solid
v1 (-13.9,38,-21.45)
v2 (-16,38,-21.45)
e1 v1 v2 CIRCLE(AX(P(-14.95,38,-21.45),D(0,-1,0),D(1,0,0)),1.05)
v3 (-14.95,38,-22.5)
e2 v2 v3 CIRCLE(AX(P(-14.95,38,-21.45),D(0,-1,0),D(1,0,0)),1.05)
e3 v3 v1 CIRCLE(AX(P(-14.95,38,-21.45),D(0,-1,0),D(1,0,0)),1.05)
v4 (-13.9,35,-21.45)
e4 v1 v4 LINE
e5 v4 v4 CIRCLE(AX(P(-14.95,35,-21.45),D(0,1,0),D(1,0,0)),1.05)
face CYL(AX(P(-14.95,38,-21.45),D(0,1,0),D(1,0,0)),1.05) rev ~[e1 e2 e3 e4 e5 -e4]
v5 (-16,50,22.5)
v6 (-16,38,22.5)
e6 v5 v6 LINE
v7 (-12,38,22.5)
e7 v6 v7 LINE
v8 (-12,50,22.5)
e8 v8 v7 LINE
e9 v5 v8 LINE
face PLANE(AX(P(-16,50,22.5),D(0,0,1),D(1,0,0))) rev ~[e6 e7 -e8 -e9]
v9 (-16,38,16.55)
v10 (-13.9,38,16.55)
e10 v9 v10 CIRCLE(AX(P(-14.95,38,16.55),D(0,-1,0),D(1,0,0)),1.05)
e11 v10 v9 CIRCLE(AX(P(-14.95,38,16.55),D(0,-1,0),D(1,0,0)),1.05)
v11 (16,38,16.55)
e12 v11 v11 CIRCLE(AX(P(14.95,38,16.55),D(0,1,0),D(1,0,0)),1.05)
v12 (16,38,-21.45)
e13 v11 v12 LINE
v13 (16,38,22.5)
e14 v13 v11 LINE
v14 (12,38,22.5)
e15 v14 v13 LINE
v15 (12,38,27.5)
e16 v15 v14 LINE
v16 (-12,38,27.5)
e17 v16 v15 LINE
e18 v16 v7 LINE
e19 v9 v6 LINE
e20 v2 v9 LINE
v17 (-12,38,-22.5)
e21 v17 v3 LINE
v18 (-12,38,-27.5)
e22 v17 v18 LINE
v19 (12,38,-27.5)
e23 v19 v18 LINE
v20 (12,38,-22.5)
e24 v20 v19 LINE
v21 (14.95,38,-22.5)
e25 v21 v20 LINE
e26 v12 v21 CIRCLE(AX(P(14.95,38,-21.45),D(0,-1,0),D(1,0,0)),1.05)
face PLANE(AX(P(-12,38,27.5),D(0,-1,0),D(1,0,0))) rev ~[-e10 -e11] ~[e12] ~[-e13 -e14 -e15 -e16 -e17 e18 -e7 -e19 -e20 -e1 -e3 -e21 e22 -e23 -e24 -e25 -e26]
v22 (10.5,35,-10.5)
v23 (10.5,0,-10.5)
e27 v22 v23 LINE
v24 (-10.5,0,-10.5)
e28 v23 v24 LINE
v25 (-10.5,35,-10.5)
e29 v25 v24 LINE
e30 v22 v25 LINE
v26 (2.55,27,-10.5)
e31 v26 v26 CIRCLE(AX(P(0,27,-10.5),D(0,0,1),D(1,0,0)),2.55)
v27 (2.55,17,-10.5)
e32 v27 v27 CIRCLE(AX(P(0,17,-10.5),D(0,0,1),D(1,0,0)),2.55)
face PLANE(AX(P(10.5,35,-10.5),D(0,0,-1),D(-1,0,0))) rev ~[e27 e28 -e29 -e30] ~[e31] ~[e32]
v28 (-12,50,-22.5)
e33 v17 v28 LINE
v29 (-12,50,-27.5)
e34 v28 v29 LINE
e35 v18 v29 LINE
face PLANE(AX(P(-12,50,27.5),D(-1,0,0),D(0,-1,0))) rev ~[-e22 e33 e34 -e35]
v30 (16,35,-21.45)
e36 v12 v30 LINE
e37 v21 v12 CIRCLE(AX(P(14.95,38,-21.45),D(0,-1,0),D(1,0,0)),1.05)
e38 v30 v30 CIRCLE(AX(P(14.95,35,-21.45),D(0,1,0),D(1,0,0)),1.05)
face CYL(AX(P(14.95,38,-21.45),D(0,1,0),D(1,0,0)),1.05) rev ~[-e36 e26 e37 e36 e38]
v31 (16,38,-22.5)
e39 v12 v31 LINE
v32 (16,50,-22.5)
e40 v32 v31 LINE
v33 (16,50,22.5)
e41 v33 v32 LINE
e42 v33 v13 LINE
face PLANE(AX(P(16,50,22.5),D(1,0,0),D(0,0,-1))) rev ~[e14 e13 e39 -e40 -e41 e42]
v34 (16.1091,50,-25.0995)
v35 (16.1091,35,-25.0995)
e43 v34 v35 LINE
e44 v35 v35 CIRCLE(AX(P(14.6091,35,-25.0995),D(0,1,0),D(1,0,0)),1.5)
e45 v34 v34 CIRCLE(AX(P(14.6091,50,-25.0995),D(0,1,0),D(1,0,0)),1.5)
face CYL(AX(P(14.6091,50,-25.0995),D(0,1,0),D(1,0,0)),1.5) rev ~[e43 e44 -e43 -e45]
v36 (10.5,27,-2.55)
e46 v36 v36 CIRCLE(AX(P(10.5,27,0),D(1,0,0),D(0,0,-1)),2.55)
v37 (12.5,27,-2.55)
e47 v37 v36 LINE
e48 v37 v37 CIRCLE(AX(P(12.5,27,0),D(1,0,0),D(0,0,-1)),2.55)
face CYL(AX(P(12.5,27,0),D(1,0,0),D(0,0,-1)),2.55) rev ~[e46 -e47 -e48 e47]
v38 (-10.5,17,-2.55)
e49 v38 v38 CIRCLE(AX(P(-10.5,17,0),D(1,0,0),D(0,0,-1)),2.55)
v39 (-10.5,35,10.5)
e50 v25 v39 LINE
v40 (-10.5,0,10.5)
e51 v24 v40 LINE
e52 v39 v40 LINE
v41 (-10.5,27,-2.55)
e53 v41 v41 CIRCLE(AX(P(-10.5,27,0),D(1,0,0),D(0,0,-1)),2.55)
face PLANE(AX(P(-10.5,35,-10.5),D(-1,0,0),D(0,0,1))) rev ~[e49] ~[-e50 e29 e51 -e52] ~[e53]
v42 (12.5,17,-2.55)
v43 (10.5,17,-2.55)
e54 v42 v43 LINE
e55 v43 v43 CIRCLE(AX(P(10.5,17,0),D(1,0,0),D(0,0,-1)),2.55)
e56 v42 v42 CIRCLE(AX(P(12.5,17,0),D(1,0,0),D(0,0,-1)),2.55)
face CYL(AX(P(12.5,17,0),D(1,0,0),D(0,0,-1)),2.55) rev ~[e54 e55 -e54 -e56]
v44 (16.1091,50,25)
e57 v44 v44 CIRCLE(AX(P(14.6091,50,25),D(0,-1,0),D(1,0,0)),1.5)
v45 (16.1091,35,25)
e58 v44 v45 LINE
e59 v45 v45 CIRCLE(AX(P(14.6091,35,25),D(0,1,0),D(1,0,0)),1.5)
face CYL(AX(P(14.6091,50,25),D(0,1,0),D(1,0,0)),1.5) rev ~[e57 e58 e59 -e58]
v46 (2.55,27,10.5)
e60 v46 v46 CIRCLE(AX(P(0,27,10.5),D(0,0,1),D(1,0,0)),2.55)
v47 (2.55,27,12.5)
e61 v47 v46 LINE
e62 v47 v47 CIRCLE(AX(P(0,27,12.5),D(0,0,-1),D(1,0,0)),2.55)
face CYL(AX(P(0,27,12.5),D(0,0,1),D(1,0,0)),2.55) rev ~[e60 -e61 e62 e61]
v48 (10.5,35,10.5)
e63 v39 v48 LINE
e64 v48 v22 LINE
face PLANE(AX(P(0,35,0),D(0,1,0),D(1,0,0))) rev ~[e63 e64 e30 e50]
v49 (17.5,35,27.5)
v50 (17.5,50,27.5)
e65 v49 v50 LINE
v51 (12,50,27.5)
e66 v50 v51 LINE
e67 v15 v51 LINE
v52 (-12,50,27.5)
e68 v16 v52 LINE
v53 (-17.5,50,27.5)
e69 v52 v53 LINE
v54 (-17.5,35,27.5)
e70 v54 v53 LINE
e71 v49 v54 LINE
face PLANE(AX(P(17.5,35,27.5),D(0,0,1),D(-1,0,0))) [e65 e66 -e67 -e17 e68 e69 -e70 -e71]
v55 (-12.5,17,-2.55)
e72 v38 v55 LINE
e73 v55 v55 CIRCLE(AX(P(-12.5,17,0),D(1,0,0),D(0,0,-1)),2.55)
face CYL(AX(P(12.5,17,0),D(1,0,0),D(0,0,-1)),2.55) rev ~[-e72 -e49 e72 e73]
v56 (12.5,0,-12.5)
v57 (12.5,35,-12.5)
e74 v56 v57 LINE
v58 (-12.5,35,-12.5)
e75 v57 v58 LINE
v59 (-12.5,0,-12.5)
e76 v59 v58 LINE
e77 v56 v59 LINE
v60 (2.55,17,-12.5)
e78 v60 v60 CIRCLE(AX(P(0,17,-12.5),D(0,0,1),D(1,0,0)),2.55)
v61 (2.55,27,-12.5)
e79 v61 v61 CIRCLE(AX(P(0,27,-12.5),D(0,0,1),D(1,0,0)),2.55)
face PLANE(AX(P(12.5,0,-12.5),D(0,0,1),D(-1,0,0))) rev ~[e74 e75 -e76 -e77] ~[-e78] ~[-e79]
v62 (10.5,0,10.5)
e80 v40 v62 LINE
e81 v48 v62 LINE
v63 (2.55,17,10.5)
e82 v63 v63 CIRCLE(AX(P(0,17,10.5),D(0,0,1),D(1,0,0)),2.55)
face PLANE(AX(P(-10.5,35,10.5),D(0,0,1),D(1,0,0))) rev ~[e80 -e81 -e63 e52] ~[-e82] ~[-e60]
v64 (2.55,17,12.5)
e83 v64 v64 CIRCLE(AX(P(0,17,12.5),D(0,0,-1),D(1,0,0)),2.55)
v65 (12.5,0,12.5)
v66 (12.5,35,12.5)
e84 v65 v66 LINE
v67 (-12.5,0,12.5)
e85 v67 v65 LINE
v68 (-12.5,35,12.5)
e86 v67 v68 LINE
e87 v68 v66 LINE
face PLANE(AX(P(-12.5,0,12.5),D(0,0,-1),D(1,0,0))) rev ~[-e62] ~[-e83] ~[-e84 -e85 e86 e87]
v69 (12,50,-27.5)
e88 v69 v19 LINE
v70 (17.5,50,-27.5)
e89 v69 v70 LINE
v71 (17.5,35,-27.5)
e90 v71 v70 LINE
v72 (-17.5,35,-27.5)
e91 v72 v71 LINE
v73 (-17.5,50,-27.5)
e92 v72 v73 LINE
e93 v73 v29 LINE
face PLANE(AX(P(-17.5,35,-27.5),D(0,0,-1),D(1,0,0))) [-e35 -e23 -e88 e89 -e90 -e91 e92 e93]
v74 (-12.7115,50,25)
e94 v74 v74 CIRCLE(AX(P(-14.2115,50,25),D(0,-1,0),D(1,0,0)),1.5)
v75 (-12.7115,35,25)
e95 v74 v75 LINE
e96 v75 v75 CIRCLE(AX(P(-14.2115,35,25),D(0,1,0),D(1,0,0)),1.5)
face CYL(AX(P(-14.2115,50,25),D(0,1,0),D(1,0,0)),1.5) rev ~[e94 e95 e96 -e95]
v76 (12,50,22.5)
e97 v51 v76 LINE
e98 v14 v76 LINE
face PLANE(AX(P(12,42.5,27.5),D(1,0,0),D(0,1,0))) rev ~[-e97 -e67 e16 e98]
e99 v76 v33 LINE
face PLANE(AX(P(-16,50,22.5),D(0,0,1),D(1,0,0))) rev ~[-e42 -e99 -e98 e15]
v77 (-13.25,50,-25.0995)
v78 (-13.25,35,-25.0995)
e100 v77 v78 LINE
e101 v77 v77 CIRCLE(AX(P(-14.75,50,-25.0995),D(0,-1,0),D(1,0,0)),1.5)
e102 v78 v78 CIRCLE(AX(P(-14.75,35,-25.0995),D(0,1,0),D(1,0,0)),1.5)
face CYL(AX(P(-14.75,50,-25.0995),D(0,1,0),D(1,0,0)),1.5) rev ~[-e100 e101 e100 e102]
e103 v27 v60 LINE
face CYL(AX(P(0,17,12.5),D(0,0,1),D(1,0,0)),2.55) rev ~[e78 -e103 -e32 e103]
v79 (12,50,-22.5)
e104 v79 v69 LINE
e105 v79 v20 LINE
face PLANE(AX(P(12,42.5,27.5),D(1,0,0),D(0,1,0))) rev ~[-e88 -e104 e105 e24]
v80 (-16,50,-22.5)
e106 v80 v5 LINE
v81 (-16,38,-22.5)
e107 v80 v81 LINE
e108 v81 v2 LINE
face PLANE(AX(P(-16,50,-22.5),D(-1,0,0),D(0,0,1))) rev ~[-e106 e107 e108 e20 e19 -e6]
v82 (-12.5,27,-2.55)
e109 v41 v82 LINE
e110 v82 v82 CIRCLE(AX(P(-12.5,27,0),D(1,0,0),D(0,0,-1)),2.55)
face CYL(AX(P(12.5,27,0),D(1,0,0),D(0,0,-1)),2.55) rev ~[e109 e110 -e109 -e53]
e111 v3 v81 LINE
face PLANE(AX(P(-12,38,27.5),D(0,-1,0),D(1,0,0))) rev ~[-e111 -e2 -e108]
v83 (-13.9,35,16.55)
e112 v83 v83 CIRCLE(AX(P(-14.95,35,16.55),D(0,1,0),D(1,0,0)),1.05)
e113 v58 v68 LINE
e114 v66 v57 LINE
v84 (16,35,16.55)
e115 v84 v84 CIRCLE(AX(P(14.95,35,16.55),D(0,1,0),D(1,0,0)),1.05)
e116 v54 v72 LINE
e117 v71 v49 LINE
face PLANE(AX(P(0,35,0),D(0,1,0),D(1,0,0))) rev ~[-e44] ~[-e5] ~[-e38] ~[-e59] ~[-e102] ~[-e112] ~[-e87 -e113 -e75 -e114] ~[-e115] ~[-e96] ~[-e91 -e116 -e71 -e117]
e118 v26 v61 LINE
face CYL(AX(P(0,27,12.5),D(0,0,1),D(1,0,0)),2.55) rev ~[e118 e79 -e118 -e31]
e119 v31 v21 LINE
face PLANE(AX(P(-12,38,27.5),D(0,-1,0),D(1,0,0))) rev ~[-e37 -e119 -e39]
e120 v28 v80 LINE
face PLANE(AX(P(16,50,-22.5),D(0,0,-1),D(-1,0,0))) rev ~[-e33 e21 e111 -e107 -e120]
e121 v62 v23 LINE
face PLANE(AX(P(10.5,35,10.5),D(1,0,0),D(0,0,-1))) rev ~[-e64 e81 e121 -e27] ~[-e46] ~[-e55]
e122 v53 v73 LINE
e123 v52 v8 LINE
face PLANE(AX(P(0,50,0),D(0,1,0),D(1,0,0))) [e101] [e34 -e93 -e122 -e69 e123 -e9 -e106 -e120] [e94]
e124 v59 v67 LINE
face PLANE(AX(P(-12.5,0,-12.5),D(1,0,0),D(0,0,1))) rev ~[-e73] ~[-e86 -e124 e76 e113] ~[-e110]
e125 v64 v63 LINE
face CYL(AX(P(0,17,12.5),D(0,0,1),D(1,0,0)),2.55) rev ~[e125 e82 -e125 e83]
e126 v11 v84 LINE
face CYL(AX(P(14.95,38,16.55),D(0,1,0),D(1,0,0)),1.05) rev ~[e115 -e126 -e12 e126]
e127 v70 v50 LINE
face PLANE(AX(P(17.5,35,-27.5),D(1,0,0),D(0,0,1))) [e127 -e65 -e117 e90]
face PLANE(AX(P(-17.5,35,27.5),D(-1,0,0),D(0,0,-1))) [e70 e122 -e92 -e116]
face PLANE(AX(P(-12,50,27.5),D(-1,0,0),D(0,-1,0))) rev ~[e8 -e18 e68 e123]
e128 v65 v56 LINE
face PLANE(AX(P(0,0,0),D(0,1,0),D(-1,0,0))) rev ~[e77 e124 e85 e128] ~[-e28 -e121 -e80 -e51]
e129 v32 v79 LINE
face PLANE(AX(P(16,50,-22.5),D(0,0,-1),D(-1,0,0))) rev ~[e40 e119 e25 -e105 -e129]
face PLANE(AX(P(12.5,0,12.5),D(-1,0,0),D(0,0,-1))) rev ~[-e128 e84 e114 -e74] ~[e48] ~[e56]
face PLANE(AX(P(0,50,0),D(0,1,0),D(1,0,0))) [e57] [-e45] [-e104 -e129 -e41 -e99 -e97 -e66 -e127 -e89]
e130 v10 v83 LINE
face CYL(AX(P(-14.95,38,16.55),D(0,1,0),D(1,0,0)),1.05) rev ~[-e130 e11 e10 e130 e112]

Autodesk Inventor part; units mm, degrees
ref_plane "YZ Plane" through (0, 0, 0) normal (1, 0, 0) x (0, 1, 0)
ref_plane "XZ Plane" through (0, 0, 0) normal (0, 1, 0) x (-1, 0, 0)
ref_plane "XY Plane" through (0, 0, 0) normal (0, 0, 1) x (1, 0, 0)
sketch "草圖1" plane through (0, 0, 0) normal (0, 1, 0) x (-1, 0, 0)
  line L0 (12.5, 12.5) -> (-12.5, 12.5)
  line L1 (-12.5, 12.5) -> (-12.5, -12.5)
  line L2 (-12.5, -12.5) -> (12.5, -12.5)
  line L3 (12.5, -12.5) -> (12.5, 12.5)
  line L4 (12.5, 12.5) -> (-12.5, -12.5) construction
  line L5 (-12.5, 12.5) -> (12.5, -12.5) construction
  point P0 (0, 0)
  dimension "d0" = 25
  dimension "d1" = 25
extrude "擠出1" add sketch "草圖1" along normal blind 35
sketch "草圖2" plane through (0, 35, 0) normal (0, 1, 0) x (1, 0, 0)
  line L0 (-10.5, -10.5) -> (10.5, -10.5)
  line L1 (10.5, -10.5) -> (10.5, 10.5)
  line L2 (10.5, 10.5) -> (-10.5, 10.5)
  line L3 (-10.5, 10.5) -> (-10.5, -10.5)
  line L4 (-10.5, -10.5) -> (10.5, 10.5) construction
  line L5 (10.5, -10.5) -> (-10.5, 10.5) construction
  point P0 (0, 0)
  dimension "d4" = 21
  dimension "d5" = 21
extrude "擠出2" cut sketch "草圖2" against normal through all
sketch "草圖3" plane through (-12.5, 0, 12.5) normal (0, 0, 1) x (1, 0, 0)
  line L0 (2, 35) -> (23, 35) projected
  line L1 (12.5, 35) -> (12.5, 0)
  circle A0 centre (12.5, 17) radius 2.55
  circle A1 centre (12.5, 27) radius 2.55
  line L2 (0, 0) -> (25, 0) projected
  point P0 (12.5, 0)
  dimension "d8" = 5.1
  dimension "d9" = 5.1
  dimension "d10" = 10
  dimension "d11" = 17
extrude "擠出3" cut sketch "草圖3" against normal through all
sketch "草圖4" plane through (0, 35, 0) normal (0, 1, 0) x (1, 0, 0)
  line L0 (-17.5, 27.5) -> (17.5, 27.5)
  line L1 (17.5, 27.5) -> (17.5, -27.5)
  line L2 (17.5, -27.5) -> (-17.5, -27.5)
  line L3 (-17.5, -27.5) -> (-17.5, 27.5)
  line L4 (-17.5, 27.5) -> (17.5, -27.5) construction
  line L5 (17.5, 27.5) -> (-17.5, -27.5) construction
  point P0 (0, 0)
  dimension "d14" = 55
  dimension "d15" = 35
extrude "擠出4" add sketch "草圖4" along normal blind 15
sketch "草圖5" plane through (0, 50, 0) normal (0, 1, 0) x (1, 0, 0)
  line L0 (-16, -22.5) -> (16, -22.5)
  line L1 (16, -22.5) -> (16, 22.5)
  line L2 (16, 22.5) -> (-16, 22.5)
  line L3 (-16, 22.5) -> (-16, -22.5)
  line L4 (-16, -22.5) -> (16, 22.5) construction
  line L5 (16, -22.5) -> (-16, 22.5) construction
  point P0 (0, 0)
  dimension "d18" = 45
  dimension "d19" = 32
extrude "擠出5" cut sketch "草圖5" against normal blind 12
sketch "草圖6" plane through (-17.5, 35, 27.5) normal (0, 0, 1) x (1, 0, 0)
  line L0 (0, 0) -> (0, 15) projected
  line L1 (0, 7.5) -> (35, 7.5)
  line L2 (35, 0) -> (35, 15) projected
  arc A0 (5.5, 7.5) -> (14.5, 7.5) centre (10, 7.5) ccw
  arc A1 (20.5, 7.5) -> (29.5, 7.5) centre (25, 7.5) ccw
  line L3 (35, 15) -> (0, 15) projected
  line L4 (17.5, 15) -> (17.5, 0)
  line L5 (0, 0) -> (35, 0) projected
  line L6 (5.5, 7.5) -> (14.5, 7.5)
  line L7 (14.5, 7.5) -> (14.5, 15)
  line L8 (14.5, 15) -> (5.5, 15)
  line L9 (5.5, 15) -> (5.5, 7.5)
  line L10 (20.5, 7.5) -> (29.5, 7.5)
  line L11 (29.5, 7.5) -> (29.5, 15)
  line L12 (29.5, 15) -> (20.5, 15)
  line L13 (20.5, 15) -> (20.5, 7.5)
  line L14 (14.5, 7.5) -> (20.5, 7.5)
  line L15 (1.5, 3) -> (33.5, 3) projected
  line L16 (5.5, 15) -> (29.5, 15)
  line L17 (29.5, 15) -> (29.5, 3)
  line L18 (29.5, 3) -> (5.5, 3)
  line L19 (5.5, 3) -> (5.5, 15)
  point P0 (17.5, -35)
  point P1 (20.5, 15)
  point P2 (29.5, 7.5)
  point P3 (28.5, 7.5)
  point P4 (29.5, 7.5)
  point P5 (5.5, 15)
  point P6 (14.5, 7.5)
  point P7 (13.5, 7.5)
  point P8 (25, 3)
  point P9 (10, 3)
  point P10 (25, 3)
  point P11 (29.5, 7.5)
  point P12 (5.5, 7.5)
  point P13 (5.5, 7.5)
  point P14 (29.5, 7.5)
  dimension "d22" = 9
  dimension "d23" = 9
  dimension "d24" = 15
  dimension "d25" = 7.5
  dimension "d52" = 24
extrude "擠出8" cut sketch "草圖6" against normal through all contours L9 L3 L7 L1 | L1 A0 | A0 L15 L19 | L15 A0 L1 L4 | L4 L1 A1 L15 | L7 L3 L4 L1 | L4 L3 L13 L1 | A1 L1 | A1 L17 L15 | L13 L3 L11 L1
sketch "草圖9" plane through (0, 50, 0) normal (0, 1, 0) x (1, 0, 0)
  circle A0 centre (-14.2115, -25) radius 1.5
  circle A1 centre (14.6091, -25) radius 1.5
  circle A2 centre (14.6091, 25.0995) radius 1.5
  circle A3 centre (-14.75, 25.0995) radius 1.5
  line L0 (-12, -27.5) -> (-12, -22.5) projected
  line L1 (-12, -25) -> (-17.5, -25)
  line L2 (-17.5, 27.5) -> (-17.5, -27.5) projected
  line L3 (17.5, -27.5) -> (17.5, 27.5) projected
  line L4 (17.5, -25) -> (-17.5, -25)
  line L5 (-17.5, 25.0938) -> (17.5, 25.0938)
  line L6 (14.6091, -25) -> (14.6091, 25.0995)
  line L7 (17.5, 27.5) -> (12, 27.5) projected
  line L8 (14.6091, 25.0995) -> (-14.75, 25.0995)
  line L9 (-14.75, 25.0995) -> (-14.75, -25)
  point P0 (0, 0)
  dimension "d34" = 3
  dimension "d35" = 3
  dimension "d36" = 3
  dimension "d37" = 3
  dimension "d38" = 0
  dimension "d39" = 0
extrude "擠出9" cut sketch "草圖9" against normal blind 15 contours L1 L9 A0 | A0 L1 | L9 L1 A0 | L9 L5 A3 | A3 L5 L9 | L4 A1 | A1 L6 L4 | A3 L8 L9 L5 | L5 L9 L8 A3 | L8 L6 L5 | A2 L5 L6 L8 | L5 L6 A2 | A1 L4 L6 | L6 L5 A2
sketch "草圖11" plane through (12.5, 0, 12.5) normal (1, 0, 0) x (0, 0, -1)
  circle A0 centre (12.5, 27) radius 2.55
  circle A1 centre (12.5, 17) radius 2.55
  line L0 (0, 0) -> (25, 0) projected
  point P0 (12.5, 0)
  point P1 (12.5, 0)
  dimension "d46" = 5.1
  dimension "d47" = 5.1
  dimension "d48" = 17
  dimension "d49" = 10
extrude "擠出11" cut sketch "草圖11" against normal up to surface (25 mm away)
sketch "草圖12" plane through (0, 38, 0) normal (0, 1, 0) x (1, 0, 0)
  circle A0 centre (-14.95, 21.45) radius 1.05
  circle A1 centre (14.95, 21.45) radius 1.05
  line L0 (-16, 22.5) -> (-12, 22.5) projected
  line L1 (-16, -22.5) -> (-16, 22.5) projected
  line L2 (12, 22.5) -> (16, 22.5) projected
  line L3 (16, 22.5) -> (16, -22.5) projected
  circle A2 centre (-14.95, -16.55) radius 1.05
  circle A3 centre (14.95, -16.55) radius 1.05
  point P0 (0, 0)
  dimension "d53" = 2.1
  dimension "d54" = 2.1
  dimension "d55" = 2.1
  dimension "d56" = 2.1
  dimension "d57" = 38
  dimension "d58" = 38
extrude "擠出12" cut sketch "草圖12" against normal up to surface (3 mm away) contours A0 | A2 | A1 | A3
